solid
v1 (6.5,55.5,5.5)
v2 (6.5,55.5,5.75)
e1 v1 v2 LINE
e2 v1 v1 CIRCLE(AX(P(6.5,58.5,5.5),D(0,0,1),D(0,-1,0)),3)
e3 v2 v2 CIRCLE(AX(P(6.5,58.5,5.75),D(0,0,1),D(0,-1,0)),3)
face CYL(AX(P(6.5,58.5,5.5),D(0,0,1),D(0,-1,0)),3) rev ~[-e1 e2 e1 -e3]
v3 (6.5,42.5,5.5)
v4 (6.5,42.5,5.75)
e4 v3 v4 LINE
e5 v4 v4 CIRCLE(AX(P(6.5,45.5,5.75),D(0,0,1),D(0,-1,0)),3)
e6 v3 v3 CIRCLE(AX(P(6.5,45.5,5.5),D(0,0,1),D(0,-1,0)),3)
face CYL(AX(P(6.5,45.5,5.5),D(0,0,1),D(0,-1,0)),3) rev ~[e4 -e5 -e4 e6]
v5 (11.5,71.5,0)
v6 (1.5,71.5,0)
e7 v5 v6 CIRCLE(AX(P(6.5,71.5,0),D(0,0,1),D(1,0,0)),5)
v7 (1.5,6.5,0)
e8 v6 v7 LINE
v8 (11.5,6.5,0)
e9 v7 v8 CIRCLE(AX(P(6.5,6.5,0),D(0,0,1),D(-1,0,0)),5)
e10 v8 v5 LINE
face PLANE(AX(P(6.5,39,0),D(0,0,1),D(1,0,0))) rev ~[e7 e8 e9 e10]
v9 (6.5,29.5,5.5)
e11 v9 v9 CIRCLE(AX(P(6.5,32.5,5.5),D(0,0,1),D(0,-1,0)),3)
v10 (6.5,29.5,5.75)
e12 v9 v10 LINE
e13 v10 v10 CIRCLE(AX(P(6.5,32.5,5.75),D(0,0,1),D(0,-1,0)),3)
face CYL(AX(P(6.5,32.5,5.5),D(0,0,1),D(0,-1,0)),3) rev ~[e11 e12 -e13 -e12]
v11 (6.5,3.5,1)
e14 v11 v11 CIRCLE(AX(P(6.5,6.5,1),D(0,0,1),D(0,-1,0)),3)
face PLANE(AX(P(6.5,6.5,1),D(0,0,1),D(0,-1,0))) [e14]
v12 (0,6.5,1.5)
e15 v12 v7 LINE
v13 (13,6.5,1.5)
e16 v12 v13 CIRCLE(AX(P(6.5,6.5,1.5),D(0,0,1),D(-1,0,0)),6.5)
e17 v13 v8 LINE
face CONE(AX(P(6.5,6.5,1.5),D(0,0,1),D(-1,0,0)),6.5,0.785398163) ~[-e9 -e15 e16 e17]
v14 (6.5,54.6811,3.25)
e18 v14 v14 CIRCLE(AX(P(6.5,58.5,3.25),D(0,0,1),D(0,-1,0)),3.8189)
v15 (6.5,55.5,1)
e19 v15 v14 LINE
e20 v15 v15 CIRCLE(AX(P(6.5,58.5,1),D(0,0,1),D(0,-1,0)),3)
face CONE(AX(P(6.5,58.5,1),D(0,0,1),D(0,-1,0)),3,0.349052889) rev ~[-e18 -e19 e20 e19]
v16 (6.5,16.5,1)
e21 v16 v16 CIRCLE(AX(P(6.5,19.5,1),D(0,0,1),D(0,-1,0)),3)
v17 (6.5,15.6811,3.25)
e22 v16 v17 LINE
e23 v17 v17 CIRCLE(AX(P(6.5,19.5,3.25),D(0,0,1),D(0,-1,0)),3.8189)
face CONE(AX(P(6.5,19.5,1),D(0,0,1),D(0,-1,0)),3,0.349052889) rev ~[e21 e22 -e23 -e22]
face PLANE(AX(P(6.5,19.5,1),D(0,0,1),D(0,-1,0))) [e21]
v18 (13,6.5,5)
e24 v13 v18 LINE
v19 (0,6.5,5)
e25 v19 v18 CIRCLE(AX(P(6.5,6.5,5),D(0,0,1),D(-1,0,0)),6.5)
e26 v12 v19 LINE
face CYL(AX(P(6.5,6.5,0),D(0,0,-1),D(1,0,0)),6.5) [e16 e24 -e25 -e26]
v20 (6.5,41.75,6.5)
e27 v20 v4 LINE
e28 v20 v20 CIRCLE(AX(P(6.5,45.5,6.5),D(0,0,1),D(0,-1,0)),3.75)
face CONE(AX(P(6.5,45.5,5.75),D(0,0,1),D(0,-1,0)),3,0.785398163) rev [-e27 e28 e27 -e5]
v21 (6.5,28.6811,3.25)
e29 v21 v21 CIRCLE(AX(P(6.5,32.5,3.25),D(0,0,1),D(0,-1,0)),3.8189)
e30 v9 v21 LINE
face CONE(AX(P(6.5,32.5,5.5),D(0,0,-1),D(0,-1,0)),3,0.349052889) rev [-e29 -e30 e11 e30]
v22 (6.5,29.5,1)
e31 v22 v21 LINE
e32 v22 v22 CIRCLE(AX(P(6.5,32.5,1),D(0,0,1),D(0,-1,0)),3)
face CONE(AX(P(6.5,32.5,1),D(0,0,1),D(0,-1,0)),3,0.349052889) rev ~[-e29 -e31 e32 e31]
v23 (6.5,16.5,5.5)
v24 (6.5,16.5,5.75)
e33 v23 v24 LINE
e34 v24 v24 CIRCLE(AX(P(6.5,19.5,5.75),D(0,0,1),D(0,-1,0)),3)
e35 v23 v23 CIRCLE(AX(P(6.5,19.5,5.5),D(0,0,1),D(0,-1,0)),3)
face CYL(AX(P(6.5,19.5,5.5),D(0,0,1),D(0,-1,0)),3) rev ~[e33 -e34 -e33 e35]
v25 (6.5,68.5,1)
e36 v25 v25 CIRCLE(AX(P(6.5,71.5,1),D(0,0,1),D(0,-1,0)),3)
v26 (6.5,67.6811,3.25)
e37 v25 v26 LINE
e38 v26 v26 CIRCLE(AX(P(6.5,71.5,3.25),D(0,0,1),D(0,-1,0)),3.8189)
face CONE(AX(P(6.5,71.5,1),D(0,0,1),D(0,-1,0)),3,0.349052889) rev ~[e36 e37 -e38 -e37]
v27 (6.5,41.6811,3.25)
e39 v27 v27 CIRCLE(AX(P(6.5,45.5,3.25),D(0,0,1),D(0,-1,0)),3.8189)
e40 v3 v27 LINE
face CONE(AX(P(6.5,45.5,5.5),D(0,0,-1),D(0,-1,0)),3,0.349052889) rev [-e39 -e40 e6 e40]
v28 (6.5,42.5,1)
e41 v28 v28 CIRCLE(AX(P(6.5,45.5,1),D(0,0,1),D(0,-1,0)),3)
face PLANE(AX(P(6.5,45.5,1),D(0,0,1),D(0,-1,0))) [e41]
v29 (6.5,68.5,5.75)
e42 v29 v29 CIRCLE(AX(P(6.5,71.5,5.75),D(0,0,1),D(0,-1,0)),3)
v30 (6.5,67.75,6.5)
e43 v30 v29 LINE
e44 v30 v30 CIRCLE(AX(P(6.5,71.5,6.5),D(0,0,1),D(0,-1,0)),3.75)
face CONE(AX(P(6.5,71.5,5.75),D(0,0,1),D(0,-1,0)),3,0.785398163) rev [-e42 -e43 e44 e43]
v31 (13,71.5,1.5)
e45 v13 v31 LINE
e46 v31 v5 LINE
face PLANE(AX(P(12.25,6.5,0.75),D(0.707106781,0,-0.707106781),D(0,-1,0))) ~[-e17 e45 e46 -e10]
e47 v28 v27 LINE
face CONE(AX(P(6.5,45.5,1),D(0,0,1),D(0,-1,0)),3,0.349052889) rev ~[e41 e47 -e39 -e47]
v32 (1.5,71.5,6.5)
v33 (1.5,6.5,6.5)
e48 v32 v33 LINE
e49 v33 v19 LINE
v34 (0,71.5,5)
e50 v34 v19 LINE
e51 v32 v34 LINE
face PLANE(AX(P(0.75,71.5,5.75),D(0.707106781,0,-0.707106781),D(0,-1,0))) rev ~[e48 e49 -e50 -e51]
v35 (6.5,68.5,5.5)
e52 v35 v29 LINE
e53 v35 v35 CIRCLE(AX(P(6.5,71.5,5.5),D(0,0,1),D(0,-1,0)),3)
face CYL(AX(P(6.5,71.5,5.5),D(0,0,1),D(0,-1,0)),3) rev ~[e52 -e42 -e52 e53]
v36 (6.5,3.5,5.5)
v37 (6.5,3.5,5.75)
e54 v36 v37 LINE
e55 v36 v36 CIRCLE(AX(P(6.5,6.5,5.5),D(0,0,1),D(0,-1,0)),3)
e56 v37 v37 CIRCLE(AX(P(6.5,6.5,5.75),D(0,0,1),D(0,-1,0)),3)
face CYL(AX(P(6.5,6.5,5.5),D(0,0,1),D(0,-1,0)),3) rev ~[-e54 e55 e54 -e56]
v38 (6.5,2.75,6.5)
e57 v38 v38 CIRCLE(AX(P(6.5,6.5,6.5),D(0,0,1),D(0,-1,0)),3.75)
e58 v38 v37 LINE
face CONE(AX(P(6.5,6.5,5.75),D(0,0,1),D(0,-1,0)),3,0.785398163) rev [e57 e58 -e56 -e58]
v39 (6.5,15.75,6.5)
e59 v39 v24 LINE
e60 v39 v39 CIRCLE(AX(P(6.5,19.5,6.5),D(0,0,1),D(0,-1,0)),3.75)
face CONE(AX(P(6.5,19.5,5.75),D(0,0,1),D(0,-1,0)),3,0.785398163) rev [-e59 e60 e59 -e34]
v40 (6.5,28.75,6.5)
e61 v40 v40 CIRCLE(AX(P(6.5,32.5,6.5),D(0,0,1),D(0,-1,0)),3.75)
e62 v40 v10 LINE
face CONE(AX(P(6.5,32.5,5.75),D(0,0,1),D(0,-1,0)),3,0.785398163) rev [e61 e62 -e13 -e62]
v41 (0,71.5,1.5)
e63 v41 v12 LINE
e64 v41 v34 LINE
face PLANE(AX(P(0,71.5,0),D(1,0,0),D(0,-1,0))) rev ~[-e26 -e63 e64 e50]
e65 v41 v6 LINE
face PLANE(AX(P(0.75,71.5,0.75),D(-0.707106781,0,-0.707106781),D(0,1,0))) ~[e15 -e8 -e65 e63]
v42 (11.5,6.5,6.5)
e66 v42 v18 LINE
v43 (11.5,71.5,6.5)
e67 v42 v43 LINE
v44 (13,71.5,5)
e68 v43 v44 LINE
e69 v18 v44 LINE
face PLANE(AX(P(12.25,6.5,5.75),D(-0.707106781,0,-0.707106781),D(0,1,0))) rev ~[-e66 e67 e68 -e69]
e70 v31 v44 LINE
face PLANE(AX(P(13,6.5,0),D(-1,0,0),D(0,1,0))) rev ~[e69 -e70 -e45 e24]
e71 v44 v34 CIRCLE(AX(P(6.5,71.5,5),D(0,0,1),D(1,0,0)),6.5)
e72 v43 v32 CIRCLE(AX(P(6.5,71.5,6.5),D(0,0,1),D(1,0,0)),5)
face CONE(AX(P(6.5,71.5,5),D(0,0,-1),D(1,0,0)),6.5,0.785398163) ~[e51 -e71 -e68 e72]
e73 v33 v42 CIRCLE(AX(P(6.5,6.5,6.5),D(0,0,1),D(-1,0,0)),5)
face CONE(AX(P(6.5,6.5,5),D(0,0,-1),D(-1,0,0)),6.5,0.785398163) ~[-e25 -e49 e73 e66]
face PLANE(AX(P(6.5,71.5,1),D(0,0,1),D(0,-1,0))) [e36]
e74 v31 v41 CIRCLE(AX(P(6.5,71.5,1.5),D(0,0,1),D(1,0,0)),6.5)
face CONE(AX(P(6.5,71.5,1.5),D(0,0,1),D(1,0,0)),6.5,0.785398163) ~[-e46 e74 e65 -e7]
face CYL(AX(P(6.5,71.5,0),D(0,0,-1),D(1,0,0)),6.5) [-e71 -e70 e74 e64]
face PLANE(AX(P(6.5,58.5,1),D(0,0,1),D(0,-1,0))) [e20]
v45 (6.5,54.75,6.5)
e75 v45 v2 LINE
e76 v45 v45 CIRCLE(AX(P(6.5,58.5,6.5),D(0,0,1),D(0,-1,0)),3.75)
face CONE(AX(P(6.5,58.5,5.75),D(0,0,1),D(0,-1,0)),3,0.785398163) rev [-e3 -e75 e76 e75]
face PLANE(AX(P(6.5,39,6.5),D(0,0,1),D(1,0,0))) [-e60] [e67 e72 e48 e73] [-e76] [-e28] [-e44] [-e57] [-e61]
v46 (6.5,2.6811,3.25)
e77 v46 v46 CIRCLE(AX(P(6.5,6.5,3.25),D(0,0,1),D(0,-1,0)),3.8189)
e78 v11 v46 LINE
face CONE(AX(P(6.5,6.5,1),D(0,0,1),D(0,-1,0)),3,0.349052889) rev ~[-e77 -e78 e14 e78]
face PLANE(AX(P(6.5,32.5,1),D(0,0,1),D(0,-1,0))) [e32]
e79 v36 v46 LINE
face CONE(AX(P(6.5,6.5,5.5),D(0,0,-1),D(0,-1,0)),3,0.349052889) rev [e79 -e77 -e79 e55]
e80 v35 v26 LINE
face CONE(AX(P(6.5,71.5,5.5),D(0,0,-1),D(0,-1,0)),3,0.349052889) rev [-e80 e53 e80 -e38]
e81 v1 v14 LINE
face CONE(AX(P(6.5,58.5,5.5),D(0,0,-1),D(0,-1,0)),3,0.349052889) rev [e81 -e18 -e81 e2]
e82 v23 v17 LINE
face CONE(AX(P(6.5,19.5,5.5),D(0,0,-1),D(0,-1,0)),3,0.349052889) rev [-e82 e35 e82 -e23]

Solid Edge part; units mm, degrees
sketch "Sketch1" plane through (0, 0, 0) normal (0, 0, 1) x (1, 0, 0)
  line L0 (0, 71.5) -> (0, 6.5)
  line L1 (13, 6.5) -> (13, 71.5)
  arc A0 (13, 6.5) -> (0, 6.5) centre (6.5, 6.5) cw
  arc A1 (0, 71.5) -> (13, 71.5) centre (6.5, 71.5) cw
extrude "Protrusion1" add sketch "Sketch1" along normal blind 6.5
sketch "Sketch2" plane through (6.5, 0, 0) normal (1, 0, 0) x (0, 1, 0)
  line L0 (3.5, 5.5) -> (3.5, 6.5)
  line L1 (3.5, 6.5) -> (6.5, 6.5)
  line L2 (6.5, 1) -> (6.5, 6.5)
  line L3 (3.5, 1) -> (6.5, 1)
  line L4 (3.5, 1) -> (2.6811, 3.25)
  line L5 (3.5, 5.5) -> (2.6811, 3.25)
revolve "RevolvedCutout1" cut sketch "Sketch2" angle 360 about axis through (6.5, 6.5, 1) along (0, 0, 1)
chamfer "Chaflán_38" distance 0.75 angle 45 1 edges at (6.5, 3.5, 6.5)
pattern_linear "Pattern1" count 6 spacing 13 along (0, 1, 0) of "RevolvedCutout1", "Chaflán_38"
chamfer "Chaflán_39" distance 1.5 angle 45 8 edges at (13, 39, 6.5) (6.5, 0, 6.5) (0, 39, 6.5) (6.5, 78, 6.5) (13, 39, 0) (6.5, 0, 0) (0, 39, 0) (6.5, 78, 0)
